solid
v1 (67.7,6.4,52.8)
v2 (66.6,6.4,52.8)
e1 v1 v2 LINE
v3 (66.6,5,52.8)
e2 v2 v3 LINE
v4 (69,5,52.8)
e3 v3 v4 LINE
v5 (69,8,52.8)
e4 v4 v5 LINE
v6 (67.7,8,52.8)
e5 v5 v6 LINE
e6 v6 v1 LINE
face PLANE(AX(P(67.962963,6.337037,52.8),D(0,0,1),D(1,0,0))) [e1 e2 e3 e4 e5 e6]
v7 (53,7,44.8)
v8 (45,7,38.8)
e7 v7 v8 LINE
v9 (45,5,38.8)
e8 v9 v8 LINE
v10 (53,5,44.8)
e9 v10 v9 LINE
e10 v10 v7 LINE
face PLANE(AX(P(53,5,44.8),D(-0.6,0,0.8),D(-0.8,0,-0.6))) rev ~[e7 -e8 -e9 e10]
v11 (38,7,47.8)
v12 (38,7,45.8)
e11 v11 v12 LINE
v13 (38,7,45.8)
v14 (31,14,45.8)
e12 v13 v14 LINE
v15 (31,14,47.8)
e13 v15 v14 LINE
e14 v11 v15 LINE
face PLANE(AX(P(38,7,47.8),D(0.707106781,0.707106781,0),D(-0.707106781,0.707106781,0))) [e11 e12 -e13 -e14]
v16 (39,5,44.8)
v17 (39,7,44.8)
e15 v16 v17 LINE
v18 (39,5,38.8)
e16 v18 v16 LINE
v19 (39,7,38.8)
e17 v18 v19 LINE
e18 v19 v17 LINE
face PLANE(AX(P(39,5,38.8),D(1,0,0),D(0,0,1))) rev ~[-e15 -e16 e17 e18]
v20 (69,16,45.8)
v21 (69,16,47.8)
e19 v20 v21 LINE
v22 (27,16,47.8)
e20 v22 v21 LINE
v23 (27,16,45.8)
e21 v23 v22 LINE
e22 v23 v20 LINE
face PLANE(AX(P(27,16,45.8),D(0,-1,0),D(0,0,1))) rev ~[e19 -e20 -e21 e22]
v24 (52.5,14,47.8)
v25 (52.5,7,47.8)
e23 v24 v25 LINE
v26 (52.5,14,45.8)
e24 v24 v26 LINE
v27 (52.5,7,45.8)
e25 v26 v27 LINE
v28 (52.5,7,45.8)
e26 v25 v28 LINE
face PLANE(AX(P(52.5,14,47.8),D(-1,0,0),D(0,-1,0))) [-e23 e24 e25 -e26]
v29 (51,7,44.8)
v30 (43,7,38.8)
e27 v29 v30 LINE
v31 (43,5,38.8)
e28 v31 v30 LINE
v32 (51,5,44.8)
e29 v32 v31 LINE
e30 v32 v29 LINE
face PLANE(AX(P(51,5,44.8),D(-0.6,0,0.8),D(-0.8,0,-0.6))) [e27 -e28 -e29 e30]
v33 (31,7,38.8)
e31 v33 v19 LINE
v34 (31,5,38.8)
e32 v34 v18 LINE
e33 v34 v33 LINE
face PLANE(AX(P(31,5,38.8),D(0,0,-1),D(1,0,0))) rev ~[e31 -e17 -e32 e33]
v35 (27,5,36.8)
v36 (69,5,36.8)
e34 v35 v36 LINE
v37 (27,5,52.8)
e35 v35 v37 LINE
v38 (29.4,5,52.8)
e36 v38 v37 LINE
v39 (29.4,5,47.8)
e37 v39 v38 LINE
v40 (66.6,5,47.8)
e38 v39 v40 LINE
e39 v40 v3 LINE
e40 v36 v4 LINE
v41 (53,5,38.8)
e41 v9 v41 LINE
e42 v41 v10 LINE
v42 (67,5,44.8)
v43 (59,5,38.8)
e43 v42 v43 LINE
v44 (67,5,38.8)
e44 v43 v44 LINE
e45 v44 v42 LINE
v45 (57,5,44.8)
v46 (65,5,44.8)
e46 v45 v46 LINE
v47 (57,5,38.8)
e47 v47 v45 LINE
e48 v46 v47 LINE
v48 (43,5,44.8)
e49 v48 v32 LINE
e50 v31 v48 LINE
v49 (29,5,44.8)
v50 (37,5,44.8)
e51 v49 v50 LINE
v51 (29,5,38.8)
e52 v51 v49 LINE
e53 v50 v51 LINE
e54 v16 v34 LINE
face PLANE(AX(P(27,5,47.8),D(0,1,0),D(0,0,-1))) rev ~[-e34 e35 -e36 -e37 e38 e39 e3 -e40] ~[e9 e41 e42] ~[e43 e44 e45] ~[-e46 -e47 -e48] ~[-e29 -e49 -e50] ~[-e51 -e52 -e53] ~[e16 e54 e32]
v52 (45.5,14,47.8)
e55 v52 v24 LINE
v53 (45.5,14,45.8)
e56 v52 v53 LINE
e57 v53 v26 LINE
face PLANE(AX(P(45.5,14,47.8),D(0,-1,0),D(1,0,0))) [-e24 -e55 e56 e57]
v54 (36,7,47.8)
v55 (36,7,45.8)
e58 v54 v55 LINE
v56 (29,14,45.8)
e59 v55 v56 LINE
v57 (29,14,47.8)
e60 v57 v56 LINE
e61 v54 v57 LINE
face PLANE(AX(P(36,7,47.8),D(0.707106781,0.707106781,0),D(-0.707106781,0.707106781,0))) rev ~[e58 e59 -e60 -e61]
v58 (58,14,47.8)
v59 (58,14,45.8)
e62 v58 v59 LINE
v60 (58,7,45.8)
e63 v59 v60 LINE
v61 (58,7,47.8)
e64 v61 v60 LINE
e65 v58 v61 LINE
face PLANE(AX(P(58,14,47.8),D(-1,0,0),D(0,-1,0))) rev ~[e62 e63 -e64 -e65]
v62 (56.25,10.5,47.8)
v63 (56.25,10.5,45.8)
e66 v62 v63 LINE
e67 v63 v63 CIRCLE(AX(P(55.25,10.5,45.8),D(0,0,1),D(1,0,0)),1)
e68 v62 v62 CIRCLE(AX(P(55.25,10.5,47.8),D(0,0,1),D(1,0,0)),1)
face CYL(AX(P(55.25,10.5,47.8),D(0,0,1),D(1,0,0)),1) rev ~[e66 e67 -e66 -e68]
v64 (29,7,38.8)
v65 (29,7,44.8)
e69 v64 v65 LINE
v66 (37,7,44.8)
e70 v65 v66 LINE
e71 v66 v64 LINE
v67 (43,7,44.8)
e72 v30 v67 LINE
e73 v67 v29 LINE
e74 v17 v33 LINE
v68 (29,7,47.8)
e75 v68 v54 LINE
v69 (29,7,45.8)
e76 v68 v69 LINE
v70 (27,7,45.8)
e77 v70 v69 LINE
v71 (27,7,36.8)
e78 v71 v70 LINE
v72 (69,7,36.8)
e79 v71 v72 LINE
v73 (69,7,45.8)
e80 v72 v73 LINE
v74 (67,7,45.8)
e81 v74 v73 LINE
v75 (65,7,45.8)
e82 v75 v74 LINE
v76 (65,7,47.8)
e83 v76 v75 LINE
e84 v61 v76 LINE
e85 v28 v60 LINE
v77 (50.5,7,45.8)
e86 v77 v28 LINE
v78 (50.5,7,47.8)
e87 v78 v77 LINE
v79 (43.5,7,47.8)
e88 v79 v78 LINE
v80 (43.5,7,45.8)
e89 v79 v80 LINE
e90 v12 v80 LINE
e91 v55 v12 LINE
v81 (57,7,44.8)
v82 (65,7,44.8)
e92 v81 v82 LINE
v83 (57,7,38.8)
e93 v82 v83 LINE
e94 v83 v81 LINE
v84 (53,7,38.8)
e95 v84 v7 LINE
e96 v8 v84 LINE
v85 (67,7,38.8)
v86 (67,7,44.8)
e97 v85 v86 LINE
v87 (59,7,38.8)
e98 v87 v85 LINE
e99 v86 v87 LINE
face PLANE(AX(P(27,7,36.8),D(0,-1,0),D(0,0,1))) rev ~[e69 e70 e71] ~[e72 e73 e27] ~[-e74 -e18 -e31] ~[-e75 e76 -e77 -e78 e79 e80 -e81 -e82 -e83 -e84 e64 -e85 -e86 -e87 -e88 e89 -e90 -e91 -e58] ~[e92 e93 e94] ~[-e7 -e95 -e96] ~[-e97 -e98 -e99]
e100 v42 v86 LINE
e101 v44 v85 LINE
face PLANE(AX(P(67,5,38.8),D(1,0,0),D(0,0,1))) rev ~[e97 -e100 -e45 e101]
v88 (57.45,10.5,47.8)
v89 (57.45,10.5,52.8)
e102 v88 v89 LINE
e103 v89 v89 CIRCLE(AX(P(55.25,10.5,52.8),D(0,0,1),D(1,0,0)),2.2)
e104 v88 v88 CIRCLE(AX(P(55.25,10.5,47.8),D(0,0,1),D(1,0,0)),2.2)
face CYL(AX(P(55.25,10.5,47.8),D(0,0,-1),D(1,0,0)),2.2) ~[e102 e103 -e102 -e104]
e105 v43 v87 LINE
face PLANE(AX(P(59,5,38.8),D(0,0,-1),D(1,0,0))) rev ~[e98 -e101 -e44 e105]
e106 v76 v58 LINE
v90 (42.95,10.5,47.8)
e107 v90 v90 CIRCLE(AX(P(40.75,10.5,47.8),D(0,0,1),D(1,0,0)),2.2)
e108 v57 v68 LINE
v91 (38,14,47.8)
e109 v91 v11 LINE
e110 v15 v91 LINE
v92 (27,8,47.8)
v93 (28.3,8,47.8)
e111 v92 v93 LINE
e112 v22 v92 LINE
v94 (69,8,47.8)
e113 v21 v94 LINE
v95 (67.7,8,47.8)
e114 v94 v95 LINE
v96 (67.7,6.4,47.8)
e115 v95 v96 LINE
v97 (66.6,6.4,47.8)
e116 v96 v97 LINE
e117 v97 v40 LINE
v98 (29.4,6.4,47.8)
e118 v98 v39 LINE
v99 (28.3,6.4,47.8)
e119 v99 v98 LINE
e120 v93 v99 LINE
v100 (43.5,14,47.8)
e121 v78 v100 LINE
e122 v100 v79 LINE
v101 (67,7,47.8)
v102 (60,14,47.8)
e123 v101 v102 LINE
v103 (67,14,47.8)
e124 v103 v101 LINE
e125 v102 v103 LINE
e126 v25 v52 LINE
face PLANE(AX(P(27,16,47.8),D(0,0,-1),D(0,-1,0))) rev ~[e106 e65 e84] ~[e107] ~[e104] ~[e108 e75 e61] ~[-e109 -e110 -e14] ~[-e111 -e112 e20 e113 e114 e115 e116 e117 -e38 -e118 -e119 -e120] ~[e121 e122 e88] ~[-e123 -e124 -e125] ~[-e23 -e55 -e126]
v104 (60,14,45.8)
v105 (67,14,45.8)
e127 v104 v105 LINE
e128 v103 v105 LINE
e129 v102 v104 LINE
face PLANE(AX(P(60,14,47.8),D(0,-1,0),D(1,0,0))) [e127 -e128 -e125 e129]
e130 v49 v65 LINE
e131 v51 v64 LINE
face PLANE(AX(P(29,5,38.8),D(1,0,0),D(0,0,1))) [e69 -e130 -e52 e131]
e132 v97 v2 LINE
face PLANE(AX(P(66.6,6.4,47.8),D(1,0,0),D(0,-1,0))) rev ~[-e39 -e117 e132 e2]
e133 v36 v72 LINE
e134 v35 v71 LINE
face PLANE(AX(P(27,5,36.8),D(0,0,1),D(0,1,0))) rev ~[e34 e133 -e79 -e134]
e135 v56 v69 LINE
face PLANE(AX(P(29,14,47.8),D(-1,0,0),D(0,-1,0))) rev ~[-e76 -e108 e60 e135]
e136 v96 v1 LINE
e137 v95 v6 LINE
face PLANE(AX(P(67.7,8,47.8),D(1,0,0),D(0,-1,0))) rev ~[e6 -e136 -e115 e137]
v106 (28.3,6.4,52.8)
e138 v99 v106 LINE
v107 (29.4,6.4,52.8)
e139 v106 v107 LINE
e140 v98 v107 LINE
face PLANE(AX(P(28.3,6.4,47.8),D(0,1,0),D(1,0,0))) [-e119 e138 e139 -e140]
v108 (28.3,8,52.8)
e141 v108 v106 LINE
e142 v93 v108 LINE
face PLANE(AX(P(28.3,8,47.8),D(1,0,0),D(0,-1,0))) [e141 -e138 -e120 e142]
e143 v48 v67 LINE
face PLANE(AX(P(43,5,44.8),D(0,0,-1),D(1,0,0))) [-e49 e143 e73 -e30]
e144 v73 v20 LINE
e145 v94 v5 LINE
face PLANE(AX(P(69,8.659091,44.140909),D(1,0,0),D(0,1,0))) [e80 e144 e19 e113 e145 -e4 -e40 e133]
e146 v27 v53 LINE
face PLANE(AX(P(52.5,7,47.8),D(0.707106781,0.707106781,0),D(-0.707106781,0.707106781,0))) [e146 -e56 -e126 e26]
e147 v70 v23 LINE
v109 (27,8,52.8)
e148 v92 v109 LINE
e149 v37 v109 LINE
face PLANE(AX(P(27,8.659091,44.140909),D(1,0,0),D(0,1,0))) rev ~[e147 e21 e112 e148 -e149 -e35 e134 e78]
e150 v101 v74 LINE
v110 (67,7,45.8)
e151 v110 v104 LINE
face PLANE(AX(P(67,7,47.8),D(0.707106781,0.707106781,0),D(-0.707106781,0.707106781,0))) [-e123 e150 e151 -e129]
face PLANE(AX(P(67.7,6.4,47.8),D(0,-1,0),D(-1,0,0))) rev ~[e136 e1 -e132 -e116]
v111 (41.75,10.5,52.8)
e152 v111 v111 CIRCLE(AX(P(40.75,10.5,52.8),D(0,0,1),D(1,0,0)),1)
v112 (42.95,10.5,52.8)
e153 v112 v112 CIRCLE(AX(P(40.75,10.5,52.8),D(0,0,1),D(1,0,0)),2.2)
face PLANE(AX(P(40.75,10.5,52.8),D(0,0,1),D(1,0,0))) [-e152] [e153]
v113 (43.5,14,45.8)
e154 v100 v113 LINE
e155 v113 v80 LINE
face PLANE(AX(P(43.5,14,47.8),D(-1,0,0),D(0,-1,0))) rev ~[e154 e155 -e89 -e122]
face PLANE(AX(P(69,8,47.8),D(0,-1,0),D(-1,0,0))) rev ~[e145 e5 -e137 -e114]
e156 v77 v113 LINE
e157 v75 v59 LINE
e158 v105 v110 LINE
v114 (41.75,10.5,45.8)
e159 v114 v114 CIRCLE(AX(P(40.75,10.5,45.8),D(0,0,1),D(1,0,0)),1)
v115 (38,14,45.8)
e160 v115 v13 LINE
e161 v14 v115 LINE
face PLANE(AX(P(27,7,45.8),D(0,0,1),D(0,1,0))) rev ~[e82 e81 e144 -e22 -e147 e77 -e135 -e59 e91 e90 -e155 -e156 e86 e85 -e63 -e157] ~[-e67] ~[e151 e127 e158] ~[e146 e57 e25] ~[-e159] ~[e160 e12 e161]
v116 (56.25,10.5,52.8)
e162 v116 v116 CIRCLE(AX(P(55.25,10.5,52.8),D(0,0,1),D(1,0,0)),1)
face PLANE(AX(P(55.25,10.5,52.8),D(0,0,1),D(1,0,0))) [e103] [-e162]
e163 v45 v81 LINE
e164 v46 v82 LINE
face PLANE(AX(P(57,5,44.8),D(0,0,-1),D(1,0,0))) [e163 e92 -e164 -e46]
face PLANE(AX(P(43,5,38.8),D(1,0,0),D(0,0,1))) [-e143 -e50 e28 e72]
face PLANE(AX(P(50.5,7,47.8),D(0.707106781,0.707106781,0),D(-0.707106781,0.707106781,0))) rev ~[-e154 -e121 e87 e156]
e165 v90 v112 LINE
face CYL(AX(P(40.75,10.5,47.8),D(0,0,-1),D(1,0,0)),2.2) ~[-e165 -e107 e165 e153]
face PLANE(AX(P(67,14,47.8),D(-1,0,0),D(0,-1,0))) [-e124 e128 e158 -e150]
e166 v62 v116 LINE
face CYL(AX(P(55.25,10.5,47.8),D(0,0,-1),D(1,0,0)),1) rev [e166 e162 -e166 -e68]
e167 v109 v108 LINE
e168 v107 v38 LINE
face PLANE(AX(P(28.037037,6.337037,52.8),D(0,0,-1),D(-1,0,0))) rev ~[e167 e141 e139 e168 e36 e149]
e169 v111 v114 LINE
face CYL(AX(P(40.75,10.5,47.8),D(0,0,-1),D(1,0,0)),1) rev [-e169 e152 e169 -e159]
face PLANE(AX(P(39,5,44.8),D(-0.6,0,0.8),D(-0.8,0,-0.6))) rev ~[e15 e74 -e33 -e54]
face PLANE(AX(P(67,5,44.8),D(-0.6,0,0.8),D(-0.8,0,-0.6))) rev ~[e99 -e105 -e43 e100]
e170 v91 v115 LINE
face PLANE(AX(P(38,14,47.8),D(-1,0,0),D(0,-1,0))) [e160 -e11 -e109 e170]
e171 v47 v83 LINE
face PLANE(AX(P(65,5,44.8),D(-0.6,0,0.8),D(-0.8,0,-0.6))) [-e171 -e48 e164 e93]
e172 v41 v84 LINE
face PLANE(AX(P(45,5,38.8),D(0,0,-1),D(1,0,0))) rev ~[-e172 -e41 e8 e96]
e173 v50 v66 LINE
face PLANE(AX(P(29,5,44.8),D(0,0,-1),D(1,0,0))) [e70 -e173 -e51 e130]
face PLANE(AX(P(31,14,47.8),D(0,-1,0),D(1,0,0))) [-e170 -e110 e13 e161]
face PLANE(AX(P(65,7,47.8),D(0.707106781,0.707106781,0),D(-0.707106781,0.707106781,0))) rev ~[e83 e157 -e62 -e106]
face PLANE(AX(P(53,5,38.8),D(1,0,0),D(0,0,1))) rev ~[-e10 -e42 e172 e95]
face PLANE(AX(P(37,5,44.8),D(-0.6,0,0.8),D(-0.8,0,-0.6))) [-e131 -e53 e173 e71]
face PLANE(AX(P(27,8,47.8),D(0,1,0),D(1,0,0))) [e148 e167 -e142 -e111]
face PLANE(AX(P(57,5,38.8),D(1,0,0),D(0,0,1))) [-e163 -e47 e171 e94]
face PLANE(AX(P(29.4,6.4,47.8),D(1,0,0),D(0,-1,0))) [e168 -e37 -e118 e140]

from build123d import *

# Parameters (mm, degrees)
PAD063_DEPTH    = 42
SKETCH118_R     = 1
POCKET024_DEPTH = 2
POCKET025_DEPTH = 2
SKETCH120_R     = 2.2
SKETCH120_R_2   = 1
PAD070_DEPTH    = 5


with BuildPart() as part:
    # Sketch102 → Pad063 (new body)
    with BuildSketch(Plane.YZ):
        Polygon((5, -11), (7, -11), (7, -2), (16, -2), (16, 0), (5, 0), align=None)
    extrude(amount=PAD063_DEPTH)

    # Sketch118 → Pocket024 (cut)
    with BuildSketch(Plane(origin=(0, 5, 0), x_dir=(1, 0, 0), z_dir=(0, 0, 1))):
        with Locations((13.75, 5.5)):
            Circle(SKETCH118_R)
        with Locations((28.25, 5.5)):
            Circle(SKETCH118_R)
        Polygon((2, 9), (2, 2), (9, 2), align=None)
        Polygon((4, 9), (11, 9), (11, 2), align=None)
        Polygon((31, 9), (31, 2), (38, 2), align=None)
        Polygon((33, 9), (40, 9), (40, 2), align=None)
        Polygon((16.5, 9), (16.5, 2), (23.5, 2), align=None)
        Polygon((18.5, 9), (25.5, 9), (25.5, 2), align=None)
    extrude(amount=-POCKET024_DEPTH, mode=Mode.SUBTRACT)

    # Sketch119 → Pocket025 (cut)
    with BuildSketch(Plane.XZ.offset(-5)):
        Polygon((2, -3), (10, -3), (2, -9), align=None)
        Polygon((12, -3), (4, -9), (12, -9), align=None)
        Polygon((30, -3), (38, -3), (30, -9), align=None)
        Polygon((40, -3), (32, -9), (40, -9), align=None)
        Polygon((16, -3), (24, -3), (16, -9), align=None)
        Polygon((26, -3), (18, -9), (26, -9), align=None)
    extrude(amount=-POCKET025_DEPTH, mode=Mode.SUBTRACT)

    # Sketch120 → Pad070 (join)
    with BuildSketch(Plane.XY):
        with Locations((13.75, 10.5)):
            Circle(SKETCH120_R)
        with Locations((13.75, 10.5)):
            Circle(SKETCH120_R_2, mode=Mode.SUBTRACT)
        with Locations((28.25, 10.5)):
            Circle(SKETCH120_R)
        with Locations((28.25, 10.5)):
            Circle(SKETCH120_R_2, mode=Mode.SUBTRACT)
        Polygon((0, 8), (1.3, 8), (1.3, 6.4), (2.4, 6.4), (2.4, 5), (0, 5), align=None)
        Polygon((42, 5), (42, 8), (40.7, 8), (40.7, 6.4), (39.6, 6.4), (39.6, 5), align=None)
    extrude(amount=PAD070_DEPTH)


with BuildPart() as part_1:
    # Body095 placement: moved
    add(part.part.moved(Location((27, 0, 47.8))))


solid = part_1.part
